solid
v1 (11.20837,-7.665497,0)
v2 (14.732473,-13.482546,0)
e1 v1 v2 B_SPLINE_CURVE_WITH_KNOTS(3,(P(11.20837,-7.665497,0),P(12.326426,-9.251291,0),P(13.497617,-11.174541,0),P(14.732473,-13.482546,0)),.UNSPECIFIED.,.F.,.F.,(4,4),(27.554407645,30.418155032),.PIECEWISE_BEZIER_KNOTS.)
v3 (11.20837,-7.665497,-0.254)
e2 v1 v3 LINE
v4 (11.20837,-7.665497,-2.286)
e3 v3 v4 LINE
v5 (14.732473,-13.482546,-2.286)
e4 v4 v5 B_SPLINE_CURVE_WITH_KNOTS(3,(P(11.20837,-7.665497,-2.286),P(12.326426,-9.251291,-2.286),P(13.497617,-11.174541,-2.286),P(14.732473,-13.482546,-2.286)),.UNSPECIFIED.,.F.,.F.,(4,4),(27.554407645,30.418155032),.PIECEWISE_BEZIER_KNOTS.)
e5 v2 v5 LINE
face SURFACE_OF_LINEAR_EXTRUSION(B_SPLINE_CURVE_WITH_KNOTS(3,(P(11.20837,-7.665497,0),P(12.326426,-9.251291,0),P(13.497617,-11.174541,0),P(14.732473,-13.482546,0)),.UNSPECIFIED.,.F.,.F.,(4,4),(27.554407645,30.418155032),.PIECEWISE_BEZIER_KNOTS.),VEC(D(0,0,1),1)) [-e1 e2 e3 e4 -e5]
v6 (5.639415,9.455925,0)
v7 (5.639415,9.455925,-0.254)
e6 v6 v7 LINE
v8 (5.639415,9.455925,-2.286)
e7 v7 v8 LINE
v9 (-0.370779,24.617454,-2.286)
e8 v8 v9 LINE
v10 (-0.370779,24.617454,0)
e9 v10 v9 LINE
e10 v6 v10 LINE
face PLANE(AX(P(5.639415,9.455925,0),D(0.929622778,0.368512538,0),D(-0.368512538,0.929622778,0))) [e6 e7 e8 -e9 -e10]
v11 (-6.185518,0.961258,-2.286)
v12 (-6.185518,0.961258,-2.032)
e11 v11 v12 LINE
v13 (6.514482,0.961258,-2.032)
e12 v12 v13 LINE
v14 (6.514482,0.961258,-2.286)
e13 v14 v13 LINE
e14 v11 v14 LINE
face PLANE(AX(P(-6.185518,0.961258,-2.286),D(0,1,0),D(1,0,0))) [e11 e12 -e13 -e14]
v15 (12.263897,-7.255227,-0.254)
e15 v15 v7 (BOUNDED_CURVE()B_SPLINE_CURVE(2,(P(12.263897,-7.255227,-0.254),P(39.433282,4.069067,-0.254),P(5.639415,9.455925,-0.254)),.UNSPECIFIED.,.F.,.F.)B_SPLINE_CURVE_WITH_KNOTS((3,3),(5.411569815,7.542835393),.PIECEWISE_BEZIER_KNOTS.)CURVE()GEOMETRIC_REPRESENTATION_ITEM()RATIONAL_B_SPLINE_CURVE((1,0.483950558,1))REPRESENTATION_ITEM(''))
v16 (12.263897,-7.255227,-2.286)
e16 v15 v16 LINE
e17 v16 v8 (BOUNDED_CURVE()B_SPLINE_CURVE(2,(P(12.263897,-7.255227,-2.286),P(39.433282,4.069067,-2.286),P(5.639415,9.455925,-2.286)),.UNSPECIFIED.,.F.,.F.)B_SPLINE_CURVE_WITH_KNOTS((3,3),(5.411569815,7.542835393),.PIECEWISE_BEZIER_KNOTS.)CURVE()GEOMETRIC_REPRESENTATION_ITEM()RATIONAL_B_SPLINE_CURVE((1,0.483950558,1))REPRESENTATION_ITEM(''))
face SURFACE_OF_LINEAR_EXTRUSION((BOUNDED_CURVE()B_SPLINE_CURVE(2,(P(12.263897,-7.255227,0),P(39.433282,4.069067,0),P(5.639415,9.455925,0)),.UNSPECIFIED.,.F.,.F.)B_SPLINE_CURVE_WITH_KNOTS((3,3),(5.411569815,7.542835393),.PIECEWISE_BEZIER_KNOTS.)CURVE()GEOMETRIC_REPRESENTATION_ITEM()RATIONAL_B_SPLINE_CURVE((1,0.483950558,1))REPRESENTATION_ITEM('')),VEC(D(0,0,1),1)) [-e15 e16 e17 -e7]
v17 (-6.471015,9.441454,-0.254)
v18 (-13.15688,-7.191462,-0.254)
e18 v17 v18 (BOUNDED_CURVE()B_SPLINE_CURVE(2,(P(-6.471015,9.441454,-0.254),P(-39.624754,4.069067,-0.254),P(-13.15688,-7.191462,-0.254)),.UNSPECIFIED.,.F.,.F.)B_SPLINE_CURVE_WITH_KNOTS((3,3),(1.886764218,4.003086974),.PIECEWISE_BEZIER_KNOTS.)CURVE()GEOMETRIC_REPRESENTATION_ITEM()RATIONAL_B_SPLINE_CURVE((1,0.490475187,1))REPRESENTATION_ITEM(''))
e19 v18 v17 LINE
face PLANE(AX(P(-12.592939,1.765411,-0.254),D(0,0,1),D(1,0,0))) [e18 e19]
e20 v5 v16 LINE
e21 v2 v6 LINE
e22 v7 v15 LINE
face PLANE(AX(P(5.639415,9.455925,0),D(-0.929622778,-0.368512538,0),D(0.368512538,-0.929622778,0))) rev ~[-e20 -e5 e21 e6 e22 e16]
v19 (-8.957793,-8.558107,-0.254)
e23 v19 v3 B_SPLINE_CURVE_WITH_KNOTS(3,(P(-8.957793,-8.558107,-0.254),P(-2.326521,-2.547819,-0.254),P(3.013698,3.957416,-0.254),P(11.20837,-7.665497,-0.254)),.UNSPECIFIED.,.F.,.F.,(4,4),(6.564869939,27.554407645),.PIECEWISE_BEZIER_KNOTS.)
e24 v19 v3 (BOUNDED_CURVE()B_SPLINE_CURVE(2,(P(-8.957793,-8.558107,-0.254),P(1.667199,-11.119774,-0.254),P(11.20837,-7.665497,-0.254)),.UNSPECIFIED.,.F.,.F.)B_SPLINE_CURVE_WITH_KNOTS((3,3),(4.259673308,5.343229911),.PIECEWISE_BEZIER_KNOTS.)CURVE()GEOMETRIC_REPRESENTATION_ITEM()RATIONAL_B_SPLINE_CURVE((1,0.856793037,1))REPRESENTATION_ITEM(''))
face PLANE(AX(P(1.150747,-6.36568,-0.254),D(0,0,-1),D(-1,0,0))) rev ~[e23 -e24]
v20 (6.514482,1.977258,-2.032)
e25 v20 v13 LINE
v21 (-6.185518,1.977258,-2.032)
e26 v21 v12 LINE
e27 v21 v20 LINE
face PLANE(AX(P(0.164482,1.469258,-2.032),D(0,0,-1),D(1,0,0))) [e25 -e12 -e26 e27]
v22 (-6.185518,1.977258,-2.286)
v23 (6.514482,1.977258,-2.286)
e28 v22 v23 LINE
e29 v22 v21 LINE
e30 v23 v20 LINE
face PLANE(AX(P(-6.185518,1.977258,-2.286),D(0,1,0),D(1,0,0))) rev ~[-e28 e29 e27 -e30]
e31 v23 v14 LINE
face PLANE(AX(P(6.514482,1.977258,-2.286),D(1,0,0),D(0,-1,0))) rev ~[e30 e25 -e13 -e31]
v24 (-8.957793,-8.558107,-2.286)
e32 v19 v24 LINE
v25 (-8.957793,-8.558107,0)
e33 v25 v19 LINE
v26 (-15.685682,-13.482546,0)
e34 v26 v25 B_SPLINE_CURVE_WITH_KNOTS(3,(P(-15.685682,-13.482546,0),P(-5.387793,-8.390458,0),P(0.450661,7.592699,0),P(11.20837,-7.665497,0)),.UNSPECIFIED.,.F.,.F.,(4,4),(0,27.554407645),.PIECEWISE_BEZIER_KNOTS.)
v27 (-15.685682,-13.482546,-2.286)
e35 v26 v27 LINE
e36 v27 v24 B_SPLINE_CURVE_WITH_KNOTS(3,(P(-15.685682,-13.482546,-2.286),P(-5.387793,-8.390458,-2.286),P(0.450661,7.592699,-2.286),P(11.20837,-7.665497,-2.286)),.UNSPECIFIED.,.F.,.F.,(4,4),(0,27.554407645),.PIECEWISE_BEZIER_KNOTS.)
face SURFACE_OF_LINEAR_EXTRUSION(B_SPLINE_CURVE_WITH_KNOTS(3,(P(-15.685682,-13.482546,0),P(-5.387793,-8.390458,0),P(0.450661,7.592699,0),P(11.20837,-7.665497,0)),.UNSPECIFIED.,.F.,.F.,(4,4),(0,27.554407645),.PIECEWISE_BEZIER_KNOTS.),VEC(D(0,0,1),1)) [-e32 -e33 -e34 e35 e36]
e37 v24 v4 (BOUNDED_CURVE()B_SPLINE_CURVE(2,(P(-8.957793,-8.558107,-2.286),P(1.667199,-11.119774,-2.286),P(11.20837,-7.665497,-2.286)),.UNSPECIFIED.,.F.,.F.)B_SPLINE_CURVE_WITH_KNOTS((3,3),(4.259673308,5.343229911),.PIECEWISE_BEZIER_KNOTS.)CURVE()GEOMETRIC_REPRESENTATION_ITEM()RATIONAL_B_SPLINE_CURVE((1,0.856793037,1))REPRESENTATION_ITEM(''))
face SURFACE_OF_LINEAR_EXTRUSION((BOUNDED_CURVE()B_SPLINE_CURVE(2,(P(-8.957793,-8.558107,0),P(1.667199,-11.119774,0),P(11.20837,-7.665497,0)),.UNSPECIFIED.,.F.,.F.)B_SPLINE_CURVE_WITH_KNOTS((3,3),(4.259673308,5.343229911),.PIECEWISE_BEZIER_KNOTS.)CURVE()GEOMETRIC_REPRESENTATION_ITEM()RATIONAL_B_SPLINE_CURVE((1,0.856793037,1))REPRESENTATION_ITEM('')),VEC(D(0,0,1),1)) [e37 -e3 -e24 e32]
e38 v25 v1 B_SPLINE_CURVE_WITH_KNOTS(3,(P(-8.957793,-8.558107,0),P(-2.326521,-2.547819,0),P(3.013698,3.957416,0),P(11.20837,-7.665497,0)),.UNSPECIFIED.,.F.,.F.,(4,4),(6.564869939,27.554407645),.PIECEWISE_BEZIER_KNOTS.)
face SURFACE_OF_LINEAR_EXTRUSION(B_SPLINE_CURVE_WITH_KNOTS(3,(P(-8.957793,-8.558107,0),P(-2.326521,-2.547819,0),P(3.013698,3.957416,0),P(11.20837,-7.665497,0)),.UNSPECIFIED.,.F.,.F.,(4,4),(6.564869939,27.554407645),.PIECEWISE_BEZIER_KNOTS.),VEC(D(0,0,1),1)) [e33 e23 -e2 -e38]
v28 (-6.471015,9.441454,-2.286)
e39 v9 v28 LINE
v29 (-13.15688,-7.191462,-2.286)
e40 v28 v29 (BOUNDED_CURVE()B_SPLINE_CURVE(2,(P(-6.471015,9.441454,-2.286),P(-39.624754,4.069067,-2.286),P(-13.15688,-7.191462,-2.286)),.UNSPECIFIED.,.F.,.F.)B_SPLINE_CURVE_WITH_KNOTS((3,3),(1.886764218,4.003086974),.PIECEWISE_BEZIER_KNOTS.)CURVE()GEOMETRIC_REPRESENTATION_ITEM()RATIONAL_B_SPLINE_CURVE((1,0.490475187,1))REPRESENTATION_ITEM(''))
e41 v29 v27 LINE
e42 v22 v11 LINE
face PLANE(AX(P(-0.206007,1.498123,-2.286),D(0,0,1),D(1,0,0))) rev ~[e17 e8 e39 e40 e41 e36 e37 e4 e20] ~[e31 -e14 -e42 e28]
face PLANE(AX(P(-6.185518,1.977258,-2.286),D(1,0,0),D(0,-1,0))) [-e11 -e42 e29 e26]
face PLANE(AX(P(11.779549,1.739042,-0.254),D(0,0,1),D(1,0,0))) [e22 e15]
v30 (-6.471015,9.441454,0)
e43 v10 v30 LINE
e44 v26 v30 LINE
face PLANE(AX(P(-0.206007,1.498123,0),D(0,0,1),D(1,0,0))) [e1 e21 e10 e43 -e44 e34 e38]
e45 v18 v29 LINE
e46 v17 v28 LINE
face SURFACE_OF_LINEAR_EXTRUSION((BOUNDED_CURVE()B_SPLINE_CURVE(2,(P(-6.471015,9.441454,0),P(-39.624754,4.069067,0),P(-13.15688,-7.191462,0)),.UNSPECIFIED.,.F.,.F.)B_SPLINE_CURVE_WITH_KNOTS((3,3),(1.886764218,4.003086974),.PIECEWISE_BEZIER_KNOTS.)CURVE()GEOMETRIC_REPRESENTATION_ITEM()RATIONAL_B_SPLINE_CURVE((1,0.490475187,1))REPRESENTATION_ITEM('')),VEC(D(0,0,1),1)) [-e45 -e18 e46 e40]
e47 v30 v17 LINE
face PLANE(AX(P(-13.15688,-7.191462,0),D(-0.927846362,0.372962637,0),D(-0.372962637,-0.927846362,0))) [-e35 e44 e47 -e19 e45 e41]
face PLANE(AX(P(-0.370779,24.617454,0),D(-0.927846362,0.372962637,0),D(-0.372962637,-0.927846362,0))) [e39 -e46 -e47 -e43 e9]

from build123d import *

# Parameters (mm, degrees)
F1_DEPTH = 2.286
F2_DEPTH = 0.254
F3_W     = 12.7
F3_H     = 1.016
F4_DEPTH = 0.254


with BuildPart() as f1:
    # F0 (on Top) → F1 (new body)
    with BuildSketch(Plane.XY):
        with BuildLine():
            Line((-13.1568801942, -7.1914618043), (-15.685681705, -13.4825458221))
            add(Edge.make_bspline(
                [(-15.685681705, -13.4825458221), (-13.2321975411, -12.2693498698), (-11.0318471059, -10.4379374373), (-8.9577929719, -8.5581073527)],
                knots=[0, 0, 0, 0, 6.5648699385, 6.5648699385, 6.5648699385, 6.5648699385], degree=3))
            add(Edge.make_bspline(
                [(-8.9577929719, -8.5581073527), (-2.326521087, -2.5478185256), (3.0136976356, 3.9574156183), (11.2083703228, -7.6654970922)],
                knots=[6.5648699385, 6.5648699385, 6.5648699385, 6.5648699385, 27.554407645, 27.554407645, 27.554407645, 27.554407645], degree=3))
            add(Edge.make_bspline(
                [(11.2083703228, -7.6654970922), (12.3264260334, -9.2512912326), (13.497617481, -11.1745413121), (14.7324733271, -13.4825458221)],
                knots=[27.554407645, 27.554407645, 27.554407645, 27.554407645, 30.4181550321, 30.4181550321, 30.4181550321, 30.4181550321], degree=3))
            Line((14.7324733271, -13.4825458221), (12.2638968299, -7.2552273315))
            Line((12.2638968299, -7.2552273315), (5.6394149783, 9.4559251776))
            Line((5.6394149783, 9.4559251776), (-0.3707793305, 24.6174541779))
            Line((-0.3707793305, 24.6174541779), (-6.4710147318, 9.441453502))
            Line((-6.4710147318, 9.441453502), (-13.1568801942, -7.1914618043))
        make_face()
        with BuildLine():
            add(Edge.make_bspline(
                [(-6.4710147318, 9.441453502), (-39.6247541981, 4.06906696), (-13.1568801942, -7.1914618043)],
                knots=[1.8867642182, 1.8867642182, 1.8867642182, 4.0030869743, 4.0030869743, 4.0030869743], degree=2, weights=[1, 0.4904751866, 1]))
            Line((-13.1568801942, -7.1914618043), (-6.4710147318, 9.441453502))
        make_face()
        with BuildLine():
            add(Edge.make_bspline(
                [(-8.9577929719, -8.5581073527), (-2.326521087, -2.5478185256), (3.0136976356, 3.9574156183), (11.2083703228, -7.6654970922)],
                knots=[6.5648699385, 6.5648699385, 6.5648699385, 6.5648699385, 27.554407645, 27.554407645, 27.554407645, 27.554407645], degree=3))
            add(Edge.make_bspline(
                [(-8.9577929719, -8.5581073527), (1.6671986102, -11.1197744869), (11.2083703228, -7.6654970922)],
                knots=[4.2596733084, 4.2596733084, 4.2596733084, 5.3432299115, 5.3432299115, 5.3432299115], degree=2, weights=[1, 0.8567930368, 1]))
        make_face()
        with BuildLine():
            add(Edge.make_bspline(
                [(12.2638968299, -7.2552273315), (39.4332818564, 4.06906696), (5.6394149783, 9.4559251776)],
                knots=[5.4115698154, 5.4115698154, 5.4115698154, 7.5428353935, 7.5428353935, 7.5428353935], degree=2, weights=[1, 0.4839505579, 1]))
            Line((5.6394149783, 9.4559251776), (12.2638968299, -7.2552273315))
        make_face()
    extrude(amount=-F1_DEPTH)

    # F0 (on Top) → F2 (cut)
    with BuildSketch(Plane.XY):
        with BuildLine():
            add(Edge.make_bspline(
                [(-6.4710147318, 9.441453502), (-39.6247541981, 4.06906696), (-13.1568801942, -7.1914618043)],
                knots=[1.8867642182, 1.8867642182, 1.8867642182, 4.0030869743, 4.0030869743, 4.0030869743], degree=2, weights=[1, 0.4904751866, 1]))
            Line((-13.1568801942, -7.1914618043), (-6.4710147318, 9.441453502))
        make_face()
        with BuildLine():
            add(Edge.make_bspline(
                [(12.2638968299, -7.2552273315), (39.4332818564, 4.06906696), (5.6394149783, 9.4559251776)],
                knots=[5.4115698154, 5.4115698154, 5.4115698154, 7.5428353935, 7.5428353935, 7.5428353935], degree=2, weights=[1, 0.4839505579, 1]))
            Line((5.6394149783, 9.4559251776), (12.2638968299, -7.2552273315))
        make_face()
        with BuildLine():
            add(Edge.make_bspline(
                [(-8.9577929719, -8.5581073527), (-2.326521087, -2.5478185256), (3.0136976356, 3.9574156183), (11.2083703228, -7.6654970922)],
                knots=[6.5648699385, 6.5648699385, 6.5648699385, 6.5648699385, 27.554407645, 27.554407645, 27.554407645, 27.554407645], degree=3))
            add(Edge.make_bspline(
                [(-8.9577929719, -8.5581073527), (1.6671986102, -11.1197744869), (11.2083703228, -7.6654970922)],
                knots=[4.2596733084, 4.2596733084, 4.2596733084, 5.3432299115, 5.3432299115, 5.3432299115], degree=2, weights=[1, 0.8567930368, 1]))
        make_face()
    extrude(amount=-F2_DEPTH, mode=Mode.SUBTRACT)

    # F3 (on face) → F4 (cut)
    with BuildSketch(Plane(origin=(0, 0, -2.286), x_dir=(1, 0, 0), z_dir=(0, 0, -1))):
        with Locations((0.1644820441, -1.469257871)):
            Rectangle(F3_W, F3_H)
    extrude(amount=-F4_DEPTH, mode=Mode.SUBTRACT)


solid = f1.part
